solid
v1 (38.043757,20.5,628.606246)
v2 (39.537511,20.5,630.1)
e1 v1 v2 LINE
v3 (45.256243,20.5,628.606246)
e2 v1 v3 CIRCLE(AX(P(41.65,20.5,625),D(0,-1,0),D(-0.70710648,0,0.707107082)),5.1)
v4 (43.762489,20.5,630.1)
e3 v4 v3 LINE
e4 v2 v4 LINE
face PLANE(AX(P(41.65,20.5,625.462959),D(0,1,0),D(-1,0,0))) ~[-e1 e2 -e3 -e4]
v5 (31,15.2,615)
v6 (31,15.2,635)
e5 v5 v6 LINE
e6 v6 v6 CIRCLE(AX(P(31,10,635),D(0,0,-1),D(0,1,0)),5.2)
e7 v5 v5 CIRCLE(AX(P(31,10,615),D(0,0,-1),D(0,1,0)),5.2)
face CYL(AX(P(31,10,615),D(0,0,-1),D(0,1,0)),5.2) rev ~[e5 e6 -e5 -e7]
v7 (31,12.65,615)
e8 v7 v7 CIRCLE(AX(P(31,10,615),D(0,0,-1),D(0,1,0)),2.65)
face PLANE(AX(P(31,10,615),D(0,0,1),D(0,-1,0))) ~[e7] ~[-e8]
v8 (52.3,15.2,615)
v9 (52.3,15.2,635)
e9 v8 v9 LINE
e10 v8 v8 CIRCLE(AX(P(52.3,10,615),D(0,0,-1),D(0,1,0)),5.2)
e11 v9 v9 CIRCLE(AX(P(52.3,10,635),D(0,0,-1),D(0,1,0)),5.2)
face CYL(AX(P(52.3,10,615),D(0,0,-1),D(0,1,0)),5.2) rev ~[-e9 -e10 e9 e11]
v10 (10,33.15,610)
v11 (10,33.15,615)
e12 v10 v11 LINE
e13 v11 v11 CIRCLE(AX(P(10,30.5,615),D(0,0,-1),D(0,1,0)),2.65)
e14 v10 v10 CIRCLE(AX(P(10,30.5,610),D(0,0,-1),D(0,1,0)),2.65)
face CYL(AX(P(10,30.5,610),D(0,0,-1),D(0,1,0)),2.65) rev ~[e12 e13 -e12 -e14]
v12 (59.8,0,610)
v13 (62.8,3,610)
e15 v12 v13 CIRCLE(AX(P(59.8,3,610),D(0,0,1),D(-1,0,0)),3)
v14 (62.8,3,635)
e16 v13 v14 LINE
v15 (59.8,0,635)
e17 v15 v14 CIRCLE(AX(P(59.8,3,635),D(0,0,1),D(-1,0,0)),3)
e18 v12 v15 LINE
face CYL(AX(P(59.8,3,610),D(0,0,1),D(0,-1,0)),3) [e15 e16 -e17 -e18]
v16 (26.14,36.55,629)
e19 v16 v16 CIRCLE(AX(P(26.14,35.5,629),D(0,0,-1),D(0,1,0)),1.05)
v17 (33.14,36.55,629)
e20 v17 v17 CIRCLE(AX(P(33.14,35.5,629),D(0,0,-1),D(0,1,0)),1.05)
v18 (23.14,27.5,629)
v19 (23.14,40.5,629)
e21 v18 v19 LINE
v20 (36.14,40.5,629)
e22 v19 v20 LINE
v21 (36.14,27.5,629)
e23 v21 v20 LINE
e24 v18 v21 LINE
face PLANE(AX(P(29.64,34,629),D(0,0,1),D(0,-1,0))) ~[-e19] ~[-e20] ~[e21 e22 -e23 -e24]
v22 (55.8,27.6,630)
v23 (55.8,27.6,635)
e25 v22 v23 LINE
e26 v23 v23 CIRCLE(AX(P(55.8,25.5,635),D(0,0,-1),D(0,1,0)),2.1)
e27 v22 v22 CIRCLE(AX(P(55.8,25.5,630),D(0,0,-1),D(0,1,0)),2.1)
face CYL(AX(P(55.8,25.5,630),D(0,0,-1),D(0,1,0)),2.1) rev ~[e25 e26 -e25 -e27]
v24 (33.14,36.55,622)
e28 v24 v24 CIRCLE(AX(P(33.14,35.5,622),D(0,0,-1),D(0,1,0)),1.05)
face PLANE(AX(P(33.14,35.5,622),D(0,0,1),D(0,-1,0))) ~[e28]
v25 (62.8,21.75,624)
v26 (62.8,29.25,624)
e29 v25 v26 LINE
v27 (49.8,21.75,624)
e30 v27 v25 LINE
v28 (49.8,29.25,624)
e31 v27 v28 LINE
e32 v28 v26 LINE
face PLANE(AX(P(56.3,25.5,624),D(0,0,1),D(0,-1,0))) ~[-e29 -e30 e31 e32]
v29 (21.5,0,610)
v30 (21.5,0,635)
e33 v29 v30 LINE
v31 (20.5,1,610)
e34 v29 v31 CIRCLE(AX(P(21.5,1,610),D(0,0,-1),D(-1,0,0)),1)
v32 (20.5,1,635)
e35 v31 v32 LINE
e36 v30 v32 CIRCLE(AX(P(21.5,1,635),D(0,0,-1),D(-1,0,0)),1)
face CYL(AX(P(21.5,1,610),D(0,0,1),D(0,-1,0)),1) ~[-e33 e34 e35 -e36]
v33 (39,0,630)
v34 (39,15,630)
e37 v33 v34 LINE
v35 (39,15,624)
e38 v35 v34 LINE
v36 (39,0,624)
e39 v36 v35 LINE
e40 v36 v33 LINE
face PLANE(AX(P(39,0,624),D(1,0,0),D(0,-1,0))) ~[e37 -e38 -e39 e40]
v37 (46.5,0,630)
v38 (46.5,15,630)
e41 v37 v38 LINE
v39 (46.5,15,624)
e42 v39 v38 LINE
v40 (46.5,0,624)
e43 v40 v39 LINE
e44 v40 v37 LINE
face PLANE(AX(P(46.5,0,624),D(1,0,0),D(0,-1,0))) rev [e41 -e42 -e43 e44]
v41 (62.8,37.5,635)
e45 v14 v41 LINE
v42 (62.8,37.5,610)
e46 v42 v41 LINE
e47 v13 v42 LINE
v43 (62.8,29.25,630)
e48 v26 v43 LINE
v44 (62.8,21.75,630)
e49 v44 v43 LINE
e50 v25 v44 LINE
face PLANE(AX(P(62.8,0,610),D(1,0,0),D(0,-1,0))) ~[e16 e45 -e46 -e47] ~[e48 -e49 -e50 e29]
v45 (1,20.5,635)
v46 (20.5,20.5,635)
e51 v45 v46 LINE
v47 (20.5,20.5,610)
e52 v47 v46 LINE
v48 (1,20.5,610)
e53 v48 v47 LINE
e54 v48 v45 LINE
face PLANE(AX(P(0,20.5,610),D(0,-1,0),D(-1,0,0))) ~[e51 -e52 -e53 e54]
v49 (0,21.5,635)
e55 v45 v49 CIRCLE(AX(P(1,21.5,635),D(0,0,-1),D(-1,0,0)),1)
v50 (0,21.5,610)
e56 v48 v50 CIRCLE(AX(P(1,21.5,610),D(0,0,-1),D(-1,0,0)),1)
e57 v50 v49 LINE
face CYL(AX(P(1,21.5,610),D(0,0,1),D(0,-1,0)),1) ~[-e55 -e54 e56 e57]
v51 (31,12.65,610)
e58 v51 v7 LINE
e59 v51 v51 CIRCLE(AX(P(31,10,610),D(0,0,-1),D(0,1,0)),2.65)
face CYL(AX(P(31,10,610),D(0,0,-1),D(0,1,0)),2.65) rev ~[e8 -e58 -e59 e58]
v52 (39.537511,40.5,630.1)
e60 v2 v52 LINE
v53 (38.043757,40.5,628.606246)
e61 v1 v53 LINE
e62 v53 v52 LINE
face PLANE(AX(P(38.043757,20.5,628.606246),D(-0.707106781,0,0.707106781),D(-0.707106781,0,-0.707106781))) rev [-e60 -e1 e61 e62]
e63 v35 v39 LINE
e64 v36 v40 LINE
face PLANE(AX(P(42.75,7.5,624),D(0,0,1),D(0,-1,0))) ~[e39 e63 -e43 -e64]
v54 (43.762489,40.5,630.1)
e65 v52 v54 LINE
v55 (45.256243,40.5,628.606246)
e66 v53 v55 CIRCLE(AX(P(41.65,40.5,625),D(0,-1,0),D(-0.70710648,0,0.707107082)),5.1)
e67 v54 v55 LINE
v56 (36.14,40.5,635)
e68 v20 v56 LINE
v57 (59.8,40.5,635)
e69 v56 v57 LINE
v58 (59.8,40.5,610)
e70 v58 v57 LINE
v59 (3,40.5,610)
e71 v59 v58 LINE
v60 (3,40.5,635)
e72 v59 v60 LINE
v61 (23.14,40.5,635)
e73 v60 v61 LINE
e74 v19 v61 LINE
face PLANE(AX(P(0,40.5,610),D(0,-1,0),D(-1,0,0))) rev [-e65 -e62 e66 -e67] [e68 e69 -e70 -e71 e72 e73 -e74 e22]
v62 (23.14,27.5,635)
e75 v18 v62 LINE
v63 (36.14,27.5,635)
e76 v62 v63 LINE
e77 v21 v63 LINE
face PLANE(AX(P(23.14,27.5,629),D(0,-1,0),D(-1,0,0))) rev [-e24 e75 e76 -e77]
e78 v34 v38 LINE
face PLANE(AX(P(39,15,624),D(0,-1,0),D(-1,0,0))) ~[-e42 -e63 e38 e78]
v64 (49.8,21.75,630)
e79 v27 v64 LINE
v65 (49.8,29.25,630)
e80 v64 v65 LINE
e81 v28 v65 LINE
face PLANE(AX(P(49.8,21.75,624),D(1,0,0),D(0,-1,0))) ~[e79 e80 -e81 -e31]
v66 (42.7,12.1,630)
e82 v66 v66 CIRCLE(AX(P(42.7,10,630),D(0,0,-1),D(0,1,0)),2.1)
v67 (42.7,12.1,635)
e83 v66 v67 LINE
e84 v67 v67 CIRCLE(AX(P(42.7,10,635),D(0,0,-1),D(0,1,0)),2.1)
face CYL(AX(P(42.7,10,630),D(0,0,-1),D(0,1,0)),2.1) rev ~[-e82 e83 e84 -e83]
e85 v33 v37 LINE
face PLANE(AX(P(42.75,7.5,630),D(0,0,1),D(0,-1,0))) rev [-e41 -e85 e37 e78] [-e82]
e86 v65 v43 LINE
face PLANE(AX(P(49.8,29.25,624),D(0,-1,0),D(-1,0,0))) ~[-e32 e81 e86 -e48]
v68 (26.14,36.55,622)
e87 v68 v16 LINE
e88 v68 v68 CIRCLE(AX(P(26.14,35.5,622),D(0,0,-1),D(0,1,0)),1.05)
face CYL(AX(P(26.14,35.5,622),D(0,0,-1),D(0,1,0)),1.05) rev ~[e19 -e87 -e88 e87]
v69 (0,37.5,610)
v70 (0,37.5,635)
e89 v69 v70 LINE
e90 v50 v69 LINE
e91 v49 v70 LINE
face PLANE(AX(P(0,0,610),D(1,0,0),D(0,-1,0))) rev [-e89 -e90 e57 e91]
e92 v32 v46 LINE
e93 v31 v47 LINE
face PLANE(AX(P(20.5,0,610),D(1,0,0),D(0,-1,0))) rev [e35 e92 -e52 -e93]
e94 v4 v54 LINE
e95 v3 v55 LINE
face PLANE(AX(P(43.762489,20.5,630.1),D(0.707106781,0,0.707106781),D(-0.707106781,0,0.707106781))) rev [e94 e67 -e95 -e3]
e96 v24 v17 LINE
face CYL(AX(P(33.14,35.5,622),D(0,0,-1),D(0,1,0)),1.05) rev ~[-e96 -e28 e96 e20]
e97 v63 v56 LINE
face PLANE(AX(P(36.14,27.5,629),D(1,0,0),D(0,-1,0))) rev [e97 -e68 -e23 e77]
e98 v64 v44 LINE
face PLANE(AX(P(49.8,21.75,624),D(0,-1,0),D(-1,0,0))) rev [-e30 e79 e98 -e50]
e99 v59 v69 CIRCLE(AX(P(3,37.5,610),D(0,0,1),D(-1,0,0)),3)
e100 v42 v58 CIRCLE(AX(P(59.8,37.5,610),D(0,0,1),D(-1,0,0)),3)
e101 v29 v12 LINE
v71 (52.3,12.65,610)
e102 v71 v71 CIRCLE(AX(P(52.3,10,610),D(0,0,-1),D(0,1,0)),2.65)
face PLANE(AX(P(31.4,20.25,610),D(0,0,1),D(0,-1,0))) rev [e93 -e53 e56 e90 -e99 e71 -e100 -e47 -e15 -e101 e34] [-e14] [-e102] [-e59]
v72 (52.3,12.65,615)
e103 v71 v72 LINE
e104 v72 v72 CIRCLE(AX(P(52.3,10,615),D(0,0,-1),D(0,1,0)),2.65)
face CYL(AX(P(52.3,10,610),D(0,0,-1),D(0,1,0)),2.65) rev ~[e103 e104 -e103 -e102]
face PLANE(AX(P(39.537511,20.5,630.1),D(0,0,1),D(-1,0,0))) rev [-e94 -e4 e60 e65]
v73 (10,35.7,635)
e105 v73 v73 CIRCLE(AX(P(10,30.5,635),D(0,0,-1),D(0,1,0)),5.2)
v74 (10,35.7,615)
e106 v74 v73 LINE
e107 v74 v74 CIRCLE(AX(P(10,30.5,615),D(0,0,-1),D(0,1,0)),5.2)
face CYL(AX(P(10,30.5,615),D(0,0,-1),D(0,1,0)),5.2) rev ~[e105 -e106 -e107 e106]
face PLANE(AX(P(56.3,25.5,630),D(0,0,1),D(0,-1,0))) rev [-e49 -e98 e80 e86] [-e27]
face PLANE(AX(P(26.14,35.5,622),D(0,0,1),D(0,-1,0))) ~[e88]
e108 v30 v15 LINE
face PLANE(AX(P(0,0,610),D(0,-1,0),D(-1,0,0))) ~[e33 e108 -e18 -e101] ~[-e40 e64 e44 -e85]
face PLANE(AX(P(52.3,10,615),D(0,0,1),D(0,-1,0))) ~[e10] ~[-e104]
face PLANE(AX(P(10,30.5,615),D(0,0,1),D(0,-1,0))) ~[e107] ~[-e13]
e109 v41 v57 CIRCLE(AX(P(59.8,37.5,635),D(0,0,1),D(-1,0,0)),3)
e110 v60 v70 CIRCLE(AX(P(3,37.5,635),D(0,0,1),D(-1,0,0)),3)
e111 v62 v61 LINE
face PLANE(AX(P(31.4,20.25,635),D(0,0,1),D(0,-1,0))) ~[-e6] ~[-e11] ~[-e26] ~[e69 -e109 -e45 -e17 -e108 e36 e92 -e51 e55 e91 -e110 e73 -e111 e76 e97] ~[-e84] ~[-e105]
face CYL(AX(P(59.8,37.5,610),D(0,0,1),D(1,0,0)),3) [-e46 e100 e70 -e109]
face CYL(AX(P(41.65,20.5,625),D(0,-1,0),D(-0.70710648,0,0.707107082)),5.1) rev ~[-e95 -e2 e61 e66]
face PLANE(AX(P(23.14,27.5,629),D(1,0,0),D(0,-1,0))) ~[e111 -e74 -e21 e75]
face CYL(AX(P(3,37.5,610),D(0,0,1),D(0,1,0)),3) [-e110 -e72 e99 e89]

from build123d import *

# Parameters (mm, degrees)
EXTRUDE012_DEPTH                  = 20
BOX020_W                          = 15
BOX020_H                          = 7.5
BOX020_DEPTH                      = 6
CYLINDER010_R                     = 2.1
CYLINDER010_DEPTH                 = 5
CYLINDER009_R                     = 1.05
CYLINDER009_DEPTH                 = 7
BOX018_W                          = 13
BOX018_H                          = 13
BOX018_DEPTH                      = 6
CYLINDER008_R                     = 2.65
CYLINDER008_DEPTH                 = 5
CYLINDER007_R                     = 5.2
CYLINDER007_DEPTH                 = 20
BOX021_W                          = 20.5
BOX021_H                          = 20.5
BOX021_DEPTH                      = 25
BOX022_W                          = 7.5
BOX022_H                          = 13
BOX022_DEPTH                      = 6
BOX019_W                          = 40.5
BOX019_H                          = 62.8
BOX019_DEPTH                      = 25
FILLET004_1_R                     = 3
FILLET004_2_R                     = 1
PART_MIRRORING001_PLACEMENT_ANGLE = 90


with BuildPart() as m10_repraphole_extrud001:
    # Sketch012 → Extrude012 (new body)
    with BuildSketch(Plane.YZ):
        with BuildLine():
            ThreePointArc((-3.606243, 3.606246), (0, -5.1), (3.606243, 3.606246))
            Line((2.112489, 5.1), (3.606243, 3.606246))
            Line((-2.112489, 5.1), (2.112489, 5.1))
            Line((-3.606243, 3.606246), (-2.112489, 5.1))
        make_face()
    extrude(amount=EXTRUDE012_DEPTH)


with BuildPart() as m10_repraphole_extrud001_1:
    # Extrude012 placement: moved
    add(m10_repraphole_extrud001.part.moved(Location((20.5, 41.65, 15))))


with BuildPart() as hueco_taladro005:
    # Box020 → Box020 (new body)
    with BuildSketch(Plane(origin=(0, 39, 14), x_dir=(1, 0, 0), z_dir=(0, 0, 1))):
        with Locations((7.5, 3.75)):
            Rectangle(BOX020_W, BOX020_H)
    extrude(amount=BOX020_DEPTH)


with BuildPart() as taladro013:
    # Cylinder010 → Cylinder010 (new body)
    with BuildSketch(Plane(origin=(10, 42.7, 20), x_dir=(1, 0, 0), z_dir=(0, 0, 1))):
        Circle(CYLINDER010_R)
    extrude(amount=CYLINDER010_DEPTH)


with BuildPart() as clone019:
    # Clone019 base: copy of taladro013
    add(taladro013.part)


with BuildPart() as clone019_1:
    # Clone019 placement: moved
    add(clone019.part.moved(Location((15.5, 13.1, 0))))


with BuildPart() as taladro_endstop001:
    # Cylinder009 → Cylinder009 (new body)
    with BuildSketch(Plane(origin=(35.5, 26.14, 12), x_dir=(1, 0, 0), z_dir=(0, 0, 1))):
        Circle(CYLINDER009_R)
    extrude(amount=CYLINDER009_DEPTH)


with BuildPart() as clone022:
    # Clone022 base: copy of taladro_endstop001
    add(taladro_endstop001.part)


with BuildPart() as clone022_1:
    # Clone022 placement: moved
    add(clone022.part.moved(Location((0, 7, 0))))


with BuildPart() as hueco_endstop001:
    # Box018 → Box018 (new body)
    with BuildSketch(Plane(origin=(27.5, 23.14, 19), x_dir=(1, 0, 0), z_dir=(0, 0, 1))):
        with Locations((6.5, 6.5)):
            Rectangle(BOX018_W, BOX018_H)
    extrude(amount=BOX018_DEPTH)


with BuildPart() as taladro012:
    # Cylinder008 → Cylinder008 (new body)
    with BuildSketch(Plane(origin=(30.5, 10, 0), x_dir=(1, 0, 0), z_dir=(0, 0, 1))):
        Circle(CYLINDER008_R)
    extrude(amount=CYLINDER008_DEPTH)


with BuildPart() as clone021:
    # Clone021 base: copy of taladro012
    add(taladro012.part)


with BuildPart() as clone021_1:
    # Clone021 placement: moved
    add(clone021.part.moved(Location((-20.5, 21, 0))))


with BuildPart() as clone017:
    # Clone017 base: copy of Clone021
    add(clone021_1.part)


with BuildPart() as clone017_1:
    # Clone017 placement: moved
    add(clone017.part.moved(Location((0, 21.3, 0))))


with BuildPart() as taladro011:
    # Cylinder007 → Cylinder007 (new body)
    with BuildSketch(Plane(origin=(30.5, 10, 5), x_dir=(1, 0, 0), z_dir=(0, 0, 1))):
        Circle(CYLINDER007_R)
    extrude(amount=CYLINDER007_DEPTH)


with BuildPart() as clone018:
    # Clone018 base: copy of taladro011
    add(taladro011.part)


with BuildPart() as clone018_1:
    # Clone018 placement: moved
    add(clone018.part.moved(Location((-20.5, 21, 0))))


with BuildPart() as clone020:
    # Clone020 base: copy of Clone018
    add(clone018_1.part)


with BuildPart() as clone020_1:
    # Clone020 placement: moved
    add(clone020.part.moved(Location((0, 21.3, 0))))


with BuildPart() as hueco_ejez001:
    # Box021 → Box021 (new body)
    with BuildSketch(Plane.XY):
        with Locations((10.25, 10.25)):
            Rectangle(BOX021_W, BOX021_H)
    extrude(amount=BOX021_DEPTH)


with BuildPart() as huecos001:
    # Box022 → Box022 (new body)
    with BuildSketch(Plane(origin=(21.75, 49.8, 14), x_dir=(1, 0, 0), z_dir=(0, 0, 1))):
        with Locations((3.75, 6.5)):
            Rectangle(BOX022_W, BOX022_H)
    extrude(amount=BOX022_DEPTH)

    # Fusion017: union hueco_taladro005, Clone019, taladro013, Clone022, taladro_endstop001, hueco_endstop001, Clone017, Clone021, taladro012, Clone020, Clone018, taladro011, hueco_ejez001
    add(hueco_taladro005.part)
    add(clone019_1.part)
    add(taladro013.part)
    add(clone022_1.part)
    add(taladro_endstop001.part)
    add(hueco_endstop001.part)
    add(clone017_1.part)
    add(clone021_1.part)
    add(taladro012.part)
    add(clone020_1.part)
    add(clone018_1.part)
    add(taladro011.part)
    add(hueco_ejez001.part)


with BuildPart() as yidler_right001:
    # Box019 → Box019 (new body)
    with BuildSketch(Plane.XY):
        with Locations((20.25, 31.4)):
            Rectangle(BOX019_W, BOX019_H)
    extrude(amount=BOX019_DEPTH)

    # Cut012: cut huecos001
    add(huecos001.part, mode=Mode.SUBTRACT)

    # Cut013: cut M10_repraphole_extrud001
    add(m10_repraphole_extrud001_1.part, mode=Mode.SUBTRACT)

    # Fillet004 1
    fillet004_1_edges = [yidler_right001.edges().sort_by_distance(p)[0] for p in [
        (0, 62.8, 12.5),
        (40.5, 62.8, 12.5),
        (40.5, 0, 12.5),
    ]]
    fillet(fillet004_1_edges, radius=FILLET004_1_R)

    # Fillet004 2
    fillet004_2_edges = [yidler_right001.edges().sort_by_distance(p)[0] for p in [
        (0, 20.5, 12.5),
        (20.5, 0, 12.5),
    ]]
    fillet(fillet004_2_edges, radius=FILLET004_2_R)


with BuildPart() as corexy_izquierdo:
    # Part__Mirroring001: instance of Yidler_right001
    add(yidler_right001.part.mirror(Plane(origin=(0, 0, 0), x_dir=(1, 0, 0), z_dir=(0, 1, 0))))


with BuildPart() as corexy_izquierdo_1:
    # Part__Mirroring001 placement: moved
    add(corexy_izquierdo.part.moved(Location((0, 0, 610))).rotate(Axis((0, 0, 610), (0, 0, 1)), PART_MIRRORING001_PLACEMENT_ANGLE))


solid = corexy_izquierdo_1.part
